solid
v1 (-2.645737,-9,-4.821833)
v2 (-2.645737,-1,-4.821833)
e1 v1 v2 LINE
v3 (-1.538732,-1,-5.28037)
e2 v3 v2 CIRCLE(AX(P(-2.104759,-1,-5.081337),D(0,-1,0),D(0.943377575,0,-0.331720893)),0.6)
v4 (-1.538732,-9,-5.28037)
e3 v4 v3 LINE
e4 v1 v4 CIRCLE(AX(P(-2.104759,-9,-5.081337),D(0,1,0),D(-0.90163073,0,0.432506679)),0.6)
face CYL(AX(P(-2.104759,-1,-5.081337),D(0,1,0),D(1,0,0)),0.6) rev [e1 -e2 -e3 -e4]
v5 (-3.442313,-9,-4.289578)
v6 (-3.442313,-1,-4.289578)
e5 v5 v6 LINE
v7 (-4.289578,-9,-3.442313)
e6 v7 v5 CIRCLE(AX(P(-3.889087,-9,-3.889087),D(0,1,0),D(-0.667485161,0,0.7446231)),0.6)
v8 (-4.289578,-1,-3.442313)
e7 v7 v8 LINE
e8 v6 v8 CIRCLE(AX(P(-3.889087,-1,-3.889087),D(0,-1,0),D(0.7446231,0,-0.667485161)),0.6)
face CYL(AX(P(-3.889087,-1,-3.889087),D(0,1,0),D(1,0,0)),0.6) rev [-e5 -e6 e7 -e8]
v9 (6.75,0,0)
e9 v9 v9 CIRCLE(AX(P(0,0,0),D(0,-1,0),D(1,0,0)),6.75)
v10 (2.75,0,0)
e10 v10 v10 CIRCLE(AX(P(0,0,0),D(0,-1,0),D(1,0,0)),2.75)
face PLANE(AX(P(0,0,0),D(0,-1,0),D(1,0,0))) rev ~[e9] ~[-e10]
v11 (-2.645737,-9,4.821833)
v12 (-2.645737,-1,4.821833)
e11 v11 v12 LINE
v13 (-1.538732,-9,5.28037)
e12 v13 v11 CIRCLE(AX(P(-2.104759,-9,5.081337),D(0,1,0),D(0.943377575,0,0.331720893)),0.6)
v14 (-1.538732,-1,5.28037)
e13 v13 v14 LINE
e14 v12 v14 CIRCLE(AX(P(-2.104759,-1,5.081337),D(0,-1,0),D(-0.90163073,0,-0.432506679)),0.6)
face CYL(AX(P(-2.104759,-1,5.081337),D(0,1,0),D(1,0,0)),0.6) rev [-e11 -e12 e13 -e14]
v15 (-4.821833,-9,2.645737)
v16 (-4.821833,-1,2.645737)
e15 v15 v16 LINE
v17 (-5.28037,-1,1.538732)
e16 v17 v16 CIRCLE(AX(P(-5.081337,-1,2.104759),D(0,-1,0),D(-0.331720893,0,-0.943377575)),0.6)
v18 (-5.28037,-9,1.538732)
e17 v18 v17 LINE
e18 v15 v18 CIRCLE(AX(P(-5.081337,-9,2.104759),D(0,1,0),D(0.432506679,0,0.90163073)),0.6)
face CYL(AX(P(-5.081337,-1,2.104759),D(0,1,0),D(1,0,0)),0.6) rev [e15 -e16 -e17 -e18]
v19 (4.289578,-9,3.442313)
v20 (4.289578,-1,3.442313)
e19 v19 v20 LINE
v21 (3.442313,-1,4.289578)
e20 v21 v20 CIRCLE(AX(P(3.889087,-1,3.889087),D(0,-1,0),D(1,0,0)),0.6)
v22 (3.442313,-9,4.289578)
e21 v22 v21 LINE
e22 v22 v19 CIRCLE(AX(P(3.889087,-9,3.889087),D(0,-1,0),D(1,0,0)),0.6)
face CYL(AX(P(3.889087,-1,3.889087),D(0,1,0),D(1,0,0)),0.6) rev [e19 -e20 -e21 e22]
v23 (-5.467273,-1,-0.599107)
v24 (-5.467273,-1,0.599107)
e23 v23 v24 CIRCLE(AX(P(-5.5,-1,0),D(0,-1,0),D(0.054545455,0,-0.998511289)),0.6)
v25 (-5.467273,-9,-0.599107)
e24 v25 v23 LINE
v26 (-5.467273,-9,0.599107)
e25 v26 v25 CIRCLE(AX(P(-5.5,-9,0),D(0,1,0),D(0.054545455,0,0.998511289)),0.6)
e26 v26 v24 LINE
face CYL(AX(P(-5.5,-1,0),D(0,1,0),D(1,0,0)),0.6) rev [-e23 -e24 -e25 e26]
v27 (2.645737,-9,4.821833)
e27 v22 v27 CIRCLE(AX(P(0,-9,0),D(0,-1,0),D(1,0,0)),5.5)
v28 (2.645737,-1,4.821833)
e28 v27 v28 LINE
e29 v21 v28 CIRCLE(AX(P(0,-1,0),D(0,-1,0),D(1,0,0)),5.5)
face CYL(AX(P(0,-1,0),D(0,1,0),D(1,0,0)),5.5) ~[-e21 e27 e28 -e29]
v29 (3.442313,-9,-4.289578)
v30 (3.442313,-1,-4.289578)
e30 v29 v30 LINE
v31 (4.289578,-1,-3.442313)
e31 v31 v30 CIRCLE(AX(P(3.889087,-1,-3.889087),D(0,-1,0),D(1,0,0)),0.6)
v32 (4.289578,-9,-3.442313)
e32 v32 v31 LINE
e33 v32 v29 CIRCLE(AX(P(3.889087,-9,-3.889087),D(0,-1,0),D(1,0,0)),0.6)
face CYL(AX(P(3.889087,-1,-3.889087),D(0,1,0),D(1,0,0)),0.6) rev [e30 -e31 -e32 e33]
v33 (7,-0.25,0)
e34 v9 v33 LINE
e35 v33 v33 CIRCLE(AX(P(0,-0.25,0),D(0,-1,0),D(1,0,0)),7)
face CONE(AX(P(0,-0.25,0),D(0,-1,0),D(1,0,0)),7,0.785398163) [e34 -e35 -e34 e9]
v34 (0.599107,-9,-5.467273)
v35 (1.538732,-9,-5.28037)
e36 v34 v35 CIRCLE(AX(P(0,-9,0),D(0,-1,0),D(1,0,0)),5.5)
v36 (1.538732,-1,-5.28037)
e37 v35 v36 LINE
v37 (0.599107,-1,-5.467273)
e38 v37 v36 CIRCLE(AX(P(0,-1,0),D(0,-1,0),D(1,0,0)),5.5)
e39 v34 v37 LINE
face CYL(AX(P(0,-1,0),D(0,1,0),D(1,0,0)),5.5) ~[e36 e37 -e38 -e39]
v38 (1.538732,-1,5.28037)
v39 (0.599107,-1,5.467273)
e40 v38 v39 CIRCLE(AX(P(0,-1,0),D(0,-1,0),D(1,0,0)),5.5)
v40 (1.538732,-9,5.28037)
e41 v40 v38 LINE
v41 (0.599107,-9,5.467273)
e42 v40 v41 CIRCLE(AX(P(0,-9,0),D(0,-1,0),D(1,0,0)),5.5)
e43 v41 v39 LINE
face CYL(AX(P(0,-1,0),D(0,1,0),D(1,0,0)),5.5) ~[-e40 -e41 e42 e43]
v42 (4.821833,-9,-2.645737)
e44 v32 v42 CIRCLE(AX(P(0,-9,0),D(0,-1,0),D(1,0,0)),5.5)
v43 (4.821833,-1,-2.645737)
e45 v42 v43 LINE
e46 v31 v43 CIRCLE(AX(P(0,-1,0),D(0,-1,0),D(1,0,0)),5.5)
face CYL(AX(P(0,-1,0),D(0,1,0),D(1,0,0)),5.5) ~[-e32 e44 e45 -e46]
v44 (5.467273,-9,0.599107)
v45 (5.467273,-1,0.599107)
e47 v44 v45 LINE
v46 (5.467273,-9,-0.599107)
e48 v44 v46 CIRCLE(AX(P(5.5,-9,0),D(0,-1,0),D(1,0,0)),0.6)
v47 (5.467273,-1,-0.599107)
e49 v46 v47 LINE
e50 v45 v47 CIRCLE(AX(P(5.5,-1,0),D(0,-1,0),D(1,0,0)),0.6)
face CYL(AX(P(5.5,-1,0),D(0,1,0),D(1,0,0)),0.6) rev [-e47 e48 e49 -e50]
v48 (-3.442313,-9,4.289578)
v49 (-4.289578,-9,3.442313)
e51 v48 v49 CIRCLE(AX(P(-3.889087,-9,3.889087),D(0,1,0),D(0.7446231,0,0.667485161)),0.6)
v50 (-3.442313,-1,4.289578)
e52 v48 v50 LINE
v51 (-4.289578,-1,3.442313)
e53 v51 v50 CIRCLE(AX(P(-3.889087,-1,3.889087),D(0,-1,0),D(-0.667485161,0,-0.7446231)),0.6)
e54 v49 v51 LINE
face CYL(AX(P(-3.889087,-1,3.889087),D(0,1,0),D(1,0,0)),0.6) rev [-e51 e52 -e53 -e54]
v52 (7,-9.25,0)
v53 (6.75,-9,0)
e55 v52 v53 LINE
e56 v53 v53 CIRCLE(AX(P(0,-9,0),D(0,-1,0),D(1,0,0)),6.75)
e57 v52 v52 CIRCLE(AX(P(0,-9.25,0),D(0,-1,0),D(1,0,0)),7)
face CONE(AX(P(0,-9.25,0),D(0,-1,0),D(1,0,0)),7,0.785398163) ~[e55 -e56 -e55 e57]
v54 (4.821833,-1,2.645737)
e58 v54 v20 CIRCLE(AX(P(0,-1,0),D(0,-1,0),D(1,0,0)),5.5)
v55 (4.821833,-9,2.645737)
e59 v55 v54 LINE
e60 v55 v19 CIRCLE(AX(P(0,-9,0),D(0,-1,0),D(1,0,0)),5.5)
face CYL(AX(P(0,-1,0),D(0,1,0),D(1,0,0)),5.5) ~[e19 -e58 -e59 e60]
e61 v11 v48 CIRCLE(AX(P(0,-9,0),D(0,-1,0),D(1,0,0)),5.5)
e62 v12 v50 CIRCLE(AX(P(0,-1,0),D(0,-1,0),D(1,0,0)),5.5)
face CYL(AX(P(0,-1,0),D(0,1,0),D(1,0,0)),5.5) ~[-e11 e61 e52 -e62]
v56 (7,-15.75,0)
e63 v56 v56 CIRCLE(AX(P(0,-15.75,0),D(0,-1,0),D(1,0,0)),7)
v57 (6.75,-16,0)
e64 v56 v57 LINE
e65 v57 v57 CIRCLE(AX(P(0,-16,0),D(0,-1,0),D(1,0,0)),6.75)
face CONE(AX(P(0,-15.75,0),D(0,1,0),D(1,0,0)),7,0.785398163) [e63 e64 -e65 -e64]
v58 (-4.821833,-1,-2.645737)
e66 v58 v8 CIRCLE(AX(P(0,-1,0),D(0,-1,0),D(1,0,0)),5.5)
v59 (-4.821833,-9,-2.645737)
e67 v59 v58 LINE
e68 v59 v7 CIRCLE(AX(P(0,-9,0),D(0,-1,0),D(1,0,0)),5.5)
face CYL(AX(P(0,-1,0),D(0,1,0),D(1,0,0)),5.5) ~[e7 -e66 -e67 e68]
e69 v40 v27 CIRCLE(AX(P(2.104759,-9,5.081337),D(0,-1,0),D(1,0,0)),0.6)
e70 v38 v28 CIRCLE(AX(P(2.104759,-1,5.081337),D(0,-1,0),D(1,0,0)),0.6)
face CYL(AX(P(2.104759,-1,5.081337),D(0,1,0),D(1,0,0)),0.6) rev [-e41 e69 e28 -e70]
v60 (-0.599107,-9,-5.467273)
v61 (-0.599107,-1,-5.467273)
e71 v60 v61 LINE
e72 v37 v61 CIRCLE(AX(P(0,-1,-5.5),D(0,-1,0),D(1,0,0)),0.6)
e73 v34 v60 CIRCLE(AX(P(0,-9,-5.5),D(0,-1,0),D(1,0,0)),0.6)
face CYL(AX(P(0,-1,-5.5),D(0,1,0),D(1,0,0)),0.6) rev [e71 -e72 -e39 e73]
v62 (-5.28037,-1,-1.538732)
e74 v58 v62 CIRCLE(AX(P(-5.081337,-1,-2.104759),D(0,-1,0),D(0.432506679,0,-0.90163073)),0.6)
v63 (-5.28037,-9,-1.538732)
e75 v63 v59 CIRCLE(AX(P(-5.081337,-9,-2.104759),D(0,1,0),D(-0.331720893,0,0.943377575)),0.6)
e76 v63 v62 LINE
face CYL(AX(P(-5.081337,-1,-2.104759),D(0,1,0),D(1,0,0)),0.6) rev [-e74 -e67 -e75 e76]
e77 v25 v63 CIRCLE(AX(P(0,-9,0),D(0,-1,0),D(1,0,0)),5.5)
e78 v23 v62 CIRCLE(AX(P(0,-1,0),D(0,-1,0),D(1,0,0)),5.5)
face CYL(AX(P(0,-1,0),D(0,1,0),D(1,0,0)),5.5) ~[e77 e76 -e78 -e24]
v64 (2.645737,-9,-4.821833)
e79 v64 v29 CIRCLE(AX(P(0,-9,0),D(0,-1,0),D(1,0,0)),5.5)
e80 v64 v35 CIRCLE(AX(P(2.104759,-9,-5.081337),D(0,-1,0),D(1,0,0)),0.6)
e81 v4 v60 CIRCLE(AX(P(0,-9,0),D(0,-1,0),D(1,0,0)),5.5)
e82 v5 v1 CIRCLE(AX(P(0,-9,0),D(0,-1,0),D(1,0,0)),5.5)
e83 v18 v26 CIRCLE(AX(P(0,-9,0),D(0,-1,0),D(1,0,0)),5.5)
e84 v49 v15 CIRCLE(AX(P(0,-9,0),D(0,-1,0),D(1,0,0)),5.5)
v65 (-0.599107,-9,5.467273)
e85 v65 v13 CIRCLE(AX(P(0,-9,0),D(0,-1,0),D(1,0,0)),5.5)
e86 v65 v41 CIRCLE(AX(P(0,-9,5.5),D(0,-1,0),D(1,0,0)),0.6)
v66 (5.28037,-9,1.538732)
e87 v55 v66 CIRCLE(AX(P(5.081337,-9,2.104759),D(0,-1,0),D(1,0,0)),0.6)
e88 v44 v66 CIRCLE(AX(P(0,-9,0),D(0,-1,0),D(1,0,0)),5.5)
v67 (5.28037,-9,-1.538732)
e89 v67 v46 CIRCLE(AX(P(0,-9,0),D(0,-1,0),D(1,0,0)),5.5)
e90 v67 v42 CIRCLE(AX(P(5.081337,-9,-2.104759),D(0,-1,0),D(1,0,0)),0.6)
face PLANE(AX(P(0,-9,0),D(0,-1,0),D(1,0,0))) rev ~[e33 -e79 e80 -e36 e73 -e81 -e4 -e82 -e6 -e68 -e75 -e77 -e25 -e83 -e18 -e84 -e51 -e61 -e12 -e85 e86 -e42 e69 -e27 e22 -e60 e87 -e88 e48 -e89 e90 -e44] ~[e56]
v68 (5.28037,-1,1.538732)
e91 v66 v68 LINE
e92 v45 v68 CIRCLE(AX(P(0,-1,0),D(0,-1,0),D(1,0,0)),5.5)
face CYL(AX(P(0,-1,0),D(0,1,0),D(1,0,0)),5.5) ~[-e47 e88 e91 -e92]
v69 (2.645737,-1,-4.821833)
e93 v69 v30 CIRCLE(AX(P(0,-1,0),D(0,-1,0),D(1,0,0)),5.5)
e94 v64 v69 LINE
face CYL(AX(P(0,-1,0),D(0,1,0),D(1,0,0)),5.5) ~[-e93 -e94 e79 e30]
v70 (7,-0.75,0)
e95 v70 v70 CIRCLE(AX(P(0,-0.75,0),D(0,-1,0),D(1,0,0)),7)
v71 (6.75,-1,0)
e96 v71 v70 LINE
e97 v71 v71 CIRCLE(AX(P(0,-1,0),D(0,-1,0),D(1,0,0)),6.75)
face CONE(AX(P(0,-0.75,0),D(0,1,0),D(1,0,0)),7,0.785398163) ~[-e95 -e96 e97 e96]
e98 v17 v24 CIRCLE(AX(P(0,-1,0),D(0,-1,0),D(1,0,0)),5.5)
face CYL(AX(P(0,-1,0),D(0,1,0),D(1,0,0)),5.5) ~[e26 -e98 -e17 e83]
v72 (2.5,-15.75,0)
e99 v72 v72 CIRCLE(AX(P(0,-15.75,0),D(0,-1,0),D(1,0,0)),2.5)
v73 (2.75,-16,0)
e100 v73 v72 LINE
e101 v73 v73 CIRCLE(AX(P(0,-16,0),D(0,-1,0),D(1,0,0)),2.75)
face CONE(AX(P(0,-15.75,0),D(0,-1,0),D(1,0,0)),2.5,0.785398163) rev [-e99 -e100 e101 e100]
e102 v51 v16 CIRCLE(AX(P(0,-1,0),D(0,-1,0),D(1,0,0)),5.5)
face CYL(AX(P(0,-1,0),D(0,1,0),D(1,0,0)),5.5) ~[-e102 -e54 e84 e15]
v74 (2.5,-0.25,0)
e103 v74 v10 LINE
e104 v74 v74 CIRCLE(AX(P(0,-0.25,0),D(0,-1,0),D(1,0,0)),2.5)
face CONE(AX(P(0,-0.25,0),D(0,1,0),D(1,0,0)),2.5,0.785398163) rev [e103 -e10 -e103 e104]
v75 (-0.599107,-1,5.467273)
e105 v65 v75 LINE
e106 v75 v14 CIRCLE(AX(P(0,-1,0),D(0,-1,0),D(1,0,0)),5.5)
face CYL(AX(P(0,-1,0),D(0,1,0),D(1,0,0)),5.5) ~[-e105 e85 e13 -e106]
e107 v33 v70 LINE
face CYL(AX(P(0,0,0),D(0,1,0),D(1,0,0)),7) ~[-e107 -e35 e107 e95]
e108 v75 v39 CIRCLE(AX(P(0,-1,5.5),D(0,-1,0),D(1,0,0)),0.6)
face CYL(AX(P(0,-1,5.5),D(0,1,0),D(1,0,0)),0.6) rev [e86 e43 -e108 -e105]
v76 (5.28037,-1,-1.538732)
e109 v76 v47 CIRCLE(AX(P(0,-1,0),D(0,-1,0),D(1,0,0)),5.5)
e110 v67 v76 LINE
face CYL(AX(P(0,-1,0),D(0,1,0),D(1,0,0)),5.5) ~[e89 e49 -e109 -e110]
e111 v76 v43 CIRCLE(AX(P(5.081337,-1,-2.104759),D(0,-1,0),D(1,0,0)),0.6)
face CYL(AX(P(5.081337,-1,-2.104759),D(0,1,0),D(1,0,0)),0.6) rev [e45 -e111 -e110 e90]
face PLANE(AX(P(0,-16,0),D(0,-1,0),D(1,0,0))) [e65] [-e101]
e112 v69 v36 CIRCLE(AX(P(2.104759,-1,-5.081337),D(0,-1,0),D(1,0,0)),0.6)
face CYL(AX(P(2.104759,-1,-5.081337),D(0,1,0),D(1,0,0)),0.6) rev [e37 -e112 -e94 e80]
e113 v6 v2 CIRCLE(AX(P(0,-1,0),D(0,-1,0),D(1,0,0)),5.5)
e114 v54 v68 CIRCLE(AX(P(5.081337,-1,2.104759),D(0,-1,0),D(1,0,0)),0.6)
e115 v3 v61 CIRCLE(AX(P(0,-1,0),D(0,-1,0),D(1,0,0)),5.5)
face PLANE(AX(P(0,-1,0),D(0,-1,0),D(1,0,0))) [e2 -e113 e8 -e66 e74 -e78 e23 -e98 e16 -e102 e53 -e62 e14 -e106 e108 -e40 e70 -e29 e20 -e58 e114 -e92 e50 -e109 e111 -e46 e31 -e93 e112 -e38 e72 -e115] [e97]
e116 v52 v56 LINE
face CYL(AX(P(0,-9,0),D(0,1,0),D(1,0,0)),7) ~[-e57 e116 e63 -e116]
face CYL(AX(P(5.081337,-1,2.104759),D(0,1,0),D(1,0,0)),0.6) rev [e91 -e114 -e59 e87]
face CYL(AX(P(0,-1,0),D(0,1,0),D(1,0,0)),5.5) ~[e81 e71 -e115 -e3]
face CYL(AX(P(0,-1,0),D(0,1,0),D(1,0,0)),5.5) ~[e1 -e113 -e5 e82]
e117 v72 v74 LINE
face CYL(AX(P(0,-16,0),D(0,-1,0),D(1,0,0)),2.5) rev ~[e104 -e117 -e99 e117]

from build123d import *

# Parameters (mm, degrees)
F0_R     = 7
F1_DEPTH = 1
F2_R     = 5.5
F3_DEPTH = 8
F4_R     = 7
F5_DEPTH = 7
F6_R     = 0.6
F7_DEPTH = 8
F8_R     = 2.5
F9_DEPTH = 16.001
F10_SIZE = 0.25


with BuildPart() as f1:
    # F0 (on Front) → F1 (new body)
    with BuildSketch(Plane.XZ):
        Circle(F0_R)
    extrude(amount=F1_DEPTH)

    # F2 (on face) → F3 (join)
    with BuildSketch(Plane.XZ.offset(1)):
        Circle(F2_R)
    extrude(amount=F3_DEPTH)

    # F4 (on face) → F5 (join)
    with BuildSketch(Plane.XZ.offset(9)):
        Circle(F4_R)
    extrude(amount=F5_DEPTH)

    # F6 (on face) → F7 (cut, through all)
    with BuildSketch(Plane.XZ.offset(1)):
        with Locations((0, 5.5)):
            Circle(F6_R)
        with Locations((-2.104759, 5.081337)):
            Circle(F6_R)
        with Locations((-3.889087, 3.889087)):
            Circle(F6_R)
        with Locations((-5.081337, 2.104759)):
            Circle(F6_R)
        with Locations((-5.5, 0)):
            Circle(F6_R)
        with Locations((-5.081337, -2.104759)):
            Circle(F6_R)
        with Locations((-3.889087, -3.889087)):
            Circle(F6_R)
        with Locations((-2.104759, -5.081337)):
            Circle(F6_R)
        with Locations((0, -5.5)):
            Circle(F6_R)
        with Locations((2.104759, -5.081337)):
            Circle(F6_R)
        with Locations((3.889087, -3.889087)):
            Circle(F6_R)
        with Locations((5.081337, -2.104759)):
            Circle(F6_R)
        with Locations((5.5, 0)):
            Circle(F6_R)
        with Locations((5.081337, 2.104759)):
            Circle(F6_R)
        with Locations((3.889087, 3.889087)):
            Circle(F6_R)
        with Locations((2.104759, 5.081337)):
            Circle(F6_R)
    extrude(amount=F7_DEPTH, mode=Mode.SUBTRACT)

    # F8 (on face) → F9 (cut, through all)
    with BuildSketch(Plane.XZ.offset(16)):
        Circle(F8_R)
    extrude(amount=-F9_DEPTH, mode=Mode.SUBTRACT)

    # F10
    f10_edges = [f1.edges().sort_by_distance(p)[0] for p in [
        (7, -12.5, 0),
        (-7, -9, 0),
        (-7, -16, 0),
        (7, -0.5, 0),
        (-7, 0, 0),
        (-7, -1, 0),
        (-2.5, -16, 0),
        (2.5, -8, 0),
        (-2.5, 0, 0),
    ]]
    chamfer(f10_edges, length=F10_SIZE)


solid = f1.part
